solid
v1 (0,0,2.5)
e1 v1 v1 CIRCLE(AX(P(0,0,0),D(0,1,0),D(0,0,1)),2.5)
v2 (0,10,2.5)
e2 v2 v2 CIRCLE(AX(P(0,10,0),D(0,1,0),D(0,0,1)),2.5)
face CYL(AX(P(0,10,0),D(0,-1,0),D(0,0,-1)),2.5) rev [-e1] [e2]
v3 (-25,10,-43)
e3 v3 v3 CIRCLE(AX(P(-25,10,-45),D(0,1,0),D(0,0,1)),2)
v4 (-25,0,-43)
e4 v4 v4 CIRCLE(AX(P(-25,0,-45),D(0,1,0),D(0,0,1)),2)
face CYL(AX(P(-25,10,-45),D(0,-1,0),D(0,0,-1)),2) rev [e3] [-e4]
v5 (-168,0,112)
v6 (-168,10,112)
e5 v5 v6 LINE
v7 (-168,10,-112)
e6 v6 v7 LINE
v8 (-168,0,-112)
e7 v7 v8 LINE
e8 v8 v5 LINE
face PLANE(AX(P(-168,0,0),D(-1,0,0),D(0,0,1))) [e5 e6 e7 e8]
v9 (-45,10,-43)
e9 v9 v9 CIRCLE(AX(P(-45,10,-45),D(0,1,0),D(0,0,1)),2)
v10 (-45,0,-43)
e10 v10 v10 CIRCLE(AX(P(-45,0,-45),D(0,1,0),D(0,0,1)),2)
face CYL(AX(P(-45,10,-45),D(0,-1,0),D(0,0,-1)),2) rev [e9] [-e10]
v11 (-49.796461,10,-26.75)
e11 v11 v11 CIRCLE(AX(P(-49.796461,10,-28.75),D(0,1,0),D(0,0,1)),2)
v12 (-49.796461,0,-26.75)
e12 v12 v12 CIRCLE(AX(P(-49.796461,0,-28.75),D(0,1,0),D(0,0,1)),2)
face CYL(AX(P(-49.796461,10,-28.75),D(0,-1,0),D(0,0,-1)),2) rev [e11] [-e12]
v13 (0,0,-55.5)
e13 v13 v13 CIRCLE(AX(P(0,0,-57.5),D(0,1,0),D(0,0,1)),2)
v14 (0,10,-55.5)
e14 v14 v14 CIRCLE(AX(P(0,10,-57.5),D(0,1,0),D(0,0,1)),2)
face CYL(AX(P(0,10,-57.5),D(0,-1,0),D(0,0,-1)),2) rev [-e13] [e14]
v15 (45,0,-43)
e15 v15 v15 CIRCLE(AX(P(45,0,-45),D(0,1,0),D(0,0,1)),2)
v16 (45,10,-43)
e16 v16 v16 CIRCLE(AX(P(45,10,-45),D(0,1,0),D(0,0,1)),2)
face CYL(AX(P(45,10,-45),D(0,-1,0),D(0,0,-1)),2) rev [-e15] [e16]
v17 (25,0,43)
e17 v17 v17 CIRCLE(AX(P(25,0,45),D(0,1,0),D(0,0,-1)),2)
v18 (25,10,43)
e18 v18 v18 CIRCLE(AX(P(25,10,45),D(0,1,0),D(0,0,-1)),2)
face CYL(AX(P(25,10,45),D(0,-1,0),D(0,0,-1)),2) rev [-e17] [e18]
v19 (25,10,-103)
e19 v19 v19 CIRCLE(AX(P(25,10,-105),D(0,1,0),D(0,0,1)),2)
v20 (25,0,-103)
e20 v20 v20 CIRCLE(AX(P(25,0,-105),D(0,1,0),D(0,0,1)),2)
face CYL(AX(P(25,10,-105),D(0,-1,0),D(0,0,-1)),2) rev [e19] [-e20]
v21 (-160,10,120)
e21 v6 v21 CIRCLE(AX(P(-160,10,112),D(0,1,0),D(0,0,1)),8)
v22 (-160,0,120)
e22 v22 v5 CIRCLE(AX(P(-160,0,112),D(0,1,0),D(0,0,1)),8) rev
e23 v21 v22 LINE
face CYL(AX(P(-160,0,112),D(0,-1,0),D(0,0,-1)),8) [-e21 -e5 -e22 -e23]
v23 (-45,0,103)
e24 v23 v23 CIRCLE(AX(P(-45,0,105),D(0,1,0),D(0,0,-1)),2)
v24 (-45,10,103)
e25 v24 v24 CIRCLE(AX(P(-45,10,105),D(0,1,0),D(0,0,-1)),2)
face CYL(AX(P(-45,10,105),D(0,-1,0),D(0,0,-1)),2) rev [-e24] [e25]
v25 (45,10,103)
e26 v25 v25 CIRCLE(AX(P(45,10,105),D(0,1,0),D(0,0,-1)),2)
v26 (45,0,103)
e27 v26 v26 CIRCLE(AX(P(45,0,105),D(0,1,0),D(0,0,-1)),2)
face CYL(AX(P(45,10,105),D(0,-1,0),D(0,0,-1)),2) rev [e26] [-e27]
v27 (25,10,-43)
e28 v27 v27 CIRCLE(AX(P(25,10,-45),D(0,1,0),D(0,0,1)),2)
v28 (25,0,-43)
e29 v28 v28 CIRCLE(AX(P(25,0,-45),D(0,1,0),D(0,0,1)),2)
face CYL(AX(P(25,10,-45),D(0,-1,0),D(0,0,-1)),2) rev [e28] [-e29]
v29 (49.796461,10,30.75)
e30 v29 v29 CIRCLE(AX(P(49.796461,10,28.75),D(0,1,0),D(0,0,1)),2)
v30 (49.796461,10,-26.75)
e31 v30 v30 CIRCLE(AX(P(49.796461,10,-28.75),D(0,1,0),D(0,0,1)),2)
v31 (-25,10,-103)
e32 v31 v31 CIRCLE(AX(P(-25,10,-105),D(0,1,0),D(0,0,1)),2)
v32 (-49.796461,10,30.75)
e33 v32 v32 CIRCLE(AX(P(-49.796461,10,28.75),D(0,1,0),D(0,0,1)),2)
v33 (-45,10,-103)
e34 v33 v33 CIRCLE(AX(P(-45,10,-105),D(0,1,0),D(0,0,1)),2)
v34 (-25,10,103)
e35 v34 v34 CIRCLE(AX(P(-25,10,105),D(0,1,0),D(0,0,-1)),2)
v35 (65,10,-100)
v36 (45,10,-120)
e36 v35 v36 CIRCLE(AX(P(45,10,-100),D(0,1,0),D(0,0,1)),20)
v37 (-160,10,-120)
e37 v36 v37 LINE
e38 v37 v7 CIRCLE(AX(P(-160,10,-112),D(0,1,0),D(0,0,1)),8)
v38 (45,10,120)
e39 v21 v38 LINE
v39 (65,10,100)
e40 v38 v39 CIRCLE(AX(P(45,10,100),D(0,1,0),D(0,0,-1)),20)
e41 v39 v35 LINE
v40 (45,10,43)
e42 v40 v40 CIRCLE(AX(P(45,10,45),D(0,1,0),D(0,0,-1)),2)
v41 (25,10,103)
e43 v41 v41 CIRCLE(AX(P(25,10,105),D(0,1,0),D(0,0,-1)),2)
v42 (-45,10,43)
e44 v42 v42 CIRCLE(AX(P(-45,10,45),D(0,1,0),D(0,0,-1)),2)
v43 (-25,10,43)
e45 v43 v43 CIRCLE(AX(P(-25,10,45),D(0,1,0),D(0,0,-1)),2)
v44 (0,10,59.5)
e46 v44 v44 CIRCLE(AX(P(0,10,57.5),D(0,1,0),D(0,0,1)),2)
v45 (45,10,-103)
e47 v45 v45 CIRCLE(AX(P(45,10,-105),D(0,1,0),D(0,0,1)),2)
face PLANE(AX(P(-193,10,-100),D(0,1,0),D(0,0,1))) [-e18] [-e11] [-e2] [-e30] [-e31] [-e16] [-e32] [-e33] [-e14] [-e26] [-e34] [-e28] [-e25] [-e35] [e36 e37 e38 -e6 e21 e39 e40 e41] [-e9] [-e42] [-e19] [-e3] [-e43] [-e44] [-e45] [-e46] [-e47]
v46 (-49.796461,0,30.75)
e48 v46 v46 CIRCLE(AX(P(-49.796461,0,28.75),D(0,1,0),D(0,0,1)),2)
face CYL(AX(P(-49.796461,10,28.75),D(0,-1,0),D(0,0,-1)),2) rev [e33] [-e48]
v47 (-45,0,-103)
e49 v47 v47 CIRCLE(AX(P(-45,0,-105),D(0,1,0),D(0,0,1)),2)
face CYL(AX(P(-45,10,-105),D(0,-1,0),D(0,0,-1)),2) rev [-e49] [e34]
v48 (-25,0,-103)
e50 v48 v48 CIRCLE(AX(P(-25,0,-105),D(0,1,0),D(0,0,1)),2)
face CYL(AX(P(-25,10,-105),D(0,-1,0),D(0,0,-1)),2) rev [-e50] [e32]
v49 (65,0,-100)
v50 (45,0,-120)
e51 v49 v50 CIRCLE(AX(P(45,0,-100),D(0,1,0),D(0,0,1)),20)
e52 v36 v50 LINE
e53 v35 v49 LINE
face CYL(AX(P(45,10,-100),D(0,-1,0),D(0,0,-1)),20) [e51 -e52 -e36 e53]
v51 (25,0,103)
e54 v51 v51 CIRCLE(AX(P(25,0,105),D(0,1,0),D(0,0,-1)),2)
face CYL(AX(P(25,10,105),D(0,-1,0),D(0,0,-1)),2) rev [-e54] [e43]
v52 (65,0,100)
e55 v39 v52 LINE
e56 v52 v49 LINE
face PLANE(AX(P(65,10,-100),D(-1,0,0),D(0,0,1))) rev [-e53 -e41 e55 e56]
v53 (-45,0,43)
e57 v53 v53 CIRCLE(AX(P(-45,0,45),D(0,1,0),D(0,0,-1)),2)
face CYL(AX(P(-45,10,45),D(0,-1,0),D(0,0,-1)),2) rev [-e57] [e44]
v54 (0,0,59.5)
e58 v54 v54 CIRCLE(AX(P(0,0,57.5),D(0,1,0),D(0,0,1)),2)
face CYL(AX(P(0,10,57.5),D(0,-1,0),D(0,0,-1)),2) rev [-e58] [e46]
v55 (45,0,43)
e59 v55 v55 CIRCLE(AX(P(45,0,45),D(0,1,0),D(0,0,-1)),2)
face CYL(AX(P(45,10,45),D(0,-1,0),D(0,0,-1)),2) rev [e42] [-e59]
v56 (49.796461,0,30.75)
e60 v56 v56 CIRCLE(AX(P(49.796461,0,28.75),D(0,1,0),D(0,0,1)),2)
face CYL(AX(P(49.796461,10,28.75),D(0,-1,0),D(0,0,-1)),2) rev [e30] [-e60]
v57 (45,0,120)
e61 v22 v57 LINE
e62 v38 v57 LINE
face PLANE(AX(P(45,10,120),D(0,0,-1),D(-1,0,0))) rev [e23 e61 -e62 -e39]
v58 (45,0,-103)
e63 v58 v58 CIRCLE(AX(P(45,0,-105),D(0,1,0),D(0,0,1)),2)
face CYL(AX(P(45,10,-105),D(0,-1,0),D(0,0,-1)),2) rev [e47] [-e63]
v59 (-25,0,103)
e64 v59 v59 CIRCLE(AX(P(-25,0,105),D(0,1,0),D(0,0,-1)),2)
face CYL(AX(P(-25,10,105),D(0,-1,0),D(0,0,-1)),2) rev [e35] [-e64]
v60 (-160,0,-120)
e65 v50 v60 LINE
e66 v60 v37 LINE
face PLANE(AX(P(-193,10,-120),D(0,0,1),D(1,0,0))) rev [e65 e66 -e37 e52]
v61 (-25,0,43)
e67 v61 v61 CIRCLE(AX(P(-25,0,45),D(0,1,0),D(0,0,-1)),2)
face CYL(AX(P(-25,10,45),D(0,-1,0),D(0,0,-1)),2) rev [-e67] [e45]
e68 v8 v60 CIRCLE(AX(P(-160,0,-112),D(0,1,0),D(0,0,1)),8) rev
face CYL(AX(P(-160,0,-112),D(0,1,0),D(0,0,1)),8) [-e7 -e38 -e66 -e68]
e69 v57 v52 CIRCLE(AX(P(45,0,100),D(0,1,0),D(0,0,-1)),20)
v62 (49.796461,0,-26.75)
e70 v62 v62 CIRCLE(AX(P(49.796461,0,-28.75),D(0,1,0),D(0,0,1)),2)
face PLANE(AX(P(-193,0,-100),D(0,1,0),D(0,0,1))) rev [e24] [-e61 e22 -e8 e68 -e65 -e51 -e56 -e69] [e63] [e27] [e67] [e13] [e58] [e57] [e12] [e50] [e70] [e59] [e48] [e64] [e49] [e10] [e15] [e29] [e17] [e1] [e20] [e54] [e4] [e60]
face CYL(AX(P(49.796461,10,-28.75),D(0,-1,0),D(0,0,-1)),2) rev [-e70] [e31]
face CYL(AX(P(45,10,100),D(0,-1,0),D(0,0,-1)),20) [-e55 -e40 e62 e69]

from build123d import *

# Parameters (mm, degrees)
SKETCH1_R           = 2
SKETCH1_R_2         = 2.5
BOSS_EXTRUDE1_DEPTH = 10
SKETCH3_W           = 240
SKETCH3_H           = 10
CUT_EXTRUDE1_DEPTH  = 45
FILLET1_R           = 8


with BuildPart() as part:
    # Sketch1 → Boss-Extrude1 (new body)
    with BuildSketch(Plane(origin=(0, 0, 0), x_dir=(1, 0, 0), z_dir=(0, 1, 0))):
        with BuildLine():
            Line((-193, 120), (45, 120))
            ThreePointArc((45, 120), (59.142135624, 114.142135624), (65, 100))
            Line((65, 100), (65, -100))
            ThreePointArc((65, -100), (59.142135624, -114.142135624), (45, -120))
            Line((45, -120), (-193, -120))
            ThreePointArc((-193, -120), (-207.142135624, -114.142135624), (-213, -100))
            Line((-213, -100), (-213, 100))
            ThreePointArc((-213, 100), (-207.142135624, 114.142135624), (-193, 120))
        make_face()
        with Locations((0, -57.5)):
            Circle(SKETCH1_R, mode=Mode.SUBTRACT)
        with Locations((-49.796460718, -28.75)):
            Circle(SKETCH1_R, mode=Mode.SUBTRACT)
        with Locations((-49.796460718, 28.75)):
            Circle(SKETCH1_R, mode=Mode.SUBTRACT)
        with Locations((0, 57.5)):
            Circle(SKETCH1_R, mode=Mode.SUBTRACT)
        with Locations((49.796460718, 28.75)):
            Circle(SKETCH1_R, mode=Mode.SUBTRACT)
        with Locations((49.796460718, -28.75)):
            Circle(SKETCH1_R, mode=Mode.SUBTRACT)
        Circle(SKETCH1_R_2, mode=Mode.SUBTRACT)
        with Locations((-45, 105)):
            Circle(SKETCH1_R, mode=Mode.SUBTRACT)
        with Locations((-25, 105)):
            Circle(SKETCH1_R, mode=Mode.SUBTRACT)
        with Locations((25, 105)):
            Circle(SKETCH1_R, mode=Mode.SUBTRACT)
        with Locations((45, 105)):
            Circle(SKETCH1_R, mode=Mode.SUBTRACT)
        with Locations((-45, 45)):
            Circle(SKETCH1_R, mode=Mode.SUBTRACT)
        with Locations((-25, 45)):
            Circle(SKETCH1_R, mode=Mode.SUBTRACT)
        with Locations((25, 45)):
            Circle(SKETCH1_R, mode=Mode.SUBTRACT)
        with Locations((45, 45)):
            Circle(SKETCH1_R, mode=Mode.SUBTRACT)
        with Locations((-45, -45)):
            Circle(SKETCH1_R, mode=Mode.SUBTRACT)
        with Locations((-25, -45)):
            Circle(SKETCH1_R, mode=Mode.SUBTRACT)
        with Locations((25, -45)):
            Circle(SKETCH1_R, mode=Mode.SUBTRACT)
        with Locations((45, -45)):
            Circle(SKETCH1_R, mode=Mode.SUBTRACT)
        with Locations((45, -105)):
            Circle(SKETCH1_R, mode=Mode.SUBTRACT)
        with Locations((25, -105)):
            Circle(SKETCH1_R, mode=Mode.SUBTRACT)
        with Locations((-25, -105)):
            Circle(SKETCH1_R, mode=Mode.SUBTRACT)
        with Locations((-45, -105)):
            Circle(SKETCH1_R, mode=Mode.SUBTRACT)
    extrude(amount=BOSS_EXTRUDE1_DEPTH)

    # Sketch3 → Cut-Extrude1 (cut)
    with BuildSketch(Plane.ZY.offset(213)):
        with Locations((0, 5)):
            Rectangle(SKETCH3_W, SKETCH3_H)
    extrude(amount=-CUT_EXTRUDE1_DEPTH, mode=Mode.SUBTRACT)

    # Fillet1
    fillet1_edges = [part.edges().sort_by_distance(p)[0] for p in [
        (-168, 5, 120),
        (-168, 5, -120),
    ]]
    fillet(fillet1_edges, radius=FILLET1_R)


solid = part.part
